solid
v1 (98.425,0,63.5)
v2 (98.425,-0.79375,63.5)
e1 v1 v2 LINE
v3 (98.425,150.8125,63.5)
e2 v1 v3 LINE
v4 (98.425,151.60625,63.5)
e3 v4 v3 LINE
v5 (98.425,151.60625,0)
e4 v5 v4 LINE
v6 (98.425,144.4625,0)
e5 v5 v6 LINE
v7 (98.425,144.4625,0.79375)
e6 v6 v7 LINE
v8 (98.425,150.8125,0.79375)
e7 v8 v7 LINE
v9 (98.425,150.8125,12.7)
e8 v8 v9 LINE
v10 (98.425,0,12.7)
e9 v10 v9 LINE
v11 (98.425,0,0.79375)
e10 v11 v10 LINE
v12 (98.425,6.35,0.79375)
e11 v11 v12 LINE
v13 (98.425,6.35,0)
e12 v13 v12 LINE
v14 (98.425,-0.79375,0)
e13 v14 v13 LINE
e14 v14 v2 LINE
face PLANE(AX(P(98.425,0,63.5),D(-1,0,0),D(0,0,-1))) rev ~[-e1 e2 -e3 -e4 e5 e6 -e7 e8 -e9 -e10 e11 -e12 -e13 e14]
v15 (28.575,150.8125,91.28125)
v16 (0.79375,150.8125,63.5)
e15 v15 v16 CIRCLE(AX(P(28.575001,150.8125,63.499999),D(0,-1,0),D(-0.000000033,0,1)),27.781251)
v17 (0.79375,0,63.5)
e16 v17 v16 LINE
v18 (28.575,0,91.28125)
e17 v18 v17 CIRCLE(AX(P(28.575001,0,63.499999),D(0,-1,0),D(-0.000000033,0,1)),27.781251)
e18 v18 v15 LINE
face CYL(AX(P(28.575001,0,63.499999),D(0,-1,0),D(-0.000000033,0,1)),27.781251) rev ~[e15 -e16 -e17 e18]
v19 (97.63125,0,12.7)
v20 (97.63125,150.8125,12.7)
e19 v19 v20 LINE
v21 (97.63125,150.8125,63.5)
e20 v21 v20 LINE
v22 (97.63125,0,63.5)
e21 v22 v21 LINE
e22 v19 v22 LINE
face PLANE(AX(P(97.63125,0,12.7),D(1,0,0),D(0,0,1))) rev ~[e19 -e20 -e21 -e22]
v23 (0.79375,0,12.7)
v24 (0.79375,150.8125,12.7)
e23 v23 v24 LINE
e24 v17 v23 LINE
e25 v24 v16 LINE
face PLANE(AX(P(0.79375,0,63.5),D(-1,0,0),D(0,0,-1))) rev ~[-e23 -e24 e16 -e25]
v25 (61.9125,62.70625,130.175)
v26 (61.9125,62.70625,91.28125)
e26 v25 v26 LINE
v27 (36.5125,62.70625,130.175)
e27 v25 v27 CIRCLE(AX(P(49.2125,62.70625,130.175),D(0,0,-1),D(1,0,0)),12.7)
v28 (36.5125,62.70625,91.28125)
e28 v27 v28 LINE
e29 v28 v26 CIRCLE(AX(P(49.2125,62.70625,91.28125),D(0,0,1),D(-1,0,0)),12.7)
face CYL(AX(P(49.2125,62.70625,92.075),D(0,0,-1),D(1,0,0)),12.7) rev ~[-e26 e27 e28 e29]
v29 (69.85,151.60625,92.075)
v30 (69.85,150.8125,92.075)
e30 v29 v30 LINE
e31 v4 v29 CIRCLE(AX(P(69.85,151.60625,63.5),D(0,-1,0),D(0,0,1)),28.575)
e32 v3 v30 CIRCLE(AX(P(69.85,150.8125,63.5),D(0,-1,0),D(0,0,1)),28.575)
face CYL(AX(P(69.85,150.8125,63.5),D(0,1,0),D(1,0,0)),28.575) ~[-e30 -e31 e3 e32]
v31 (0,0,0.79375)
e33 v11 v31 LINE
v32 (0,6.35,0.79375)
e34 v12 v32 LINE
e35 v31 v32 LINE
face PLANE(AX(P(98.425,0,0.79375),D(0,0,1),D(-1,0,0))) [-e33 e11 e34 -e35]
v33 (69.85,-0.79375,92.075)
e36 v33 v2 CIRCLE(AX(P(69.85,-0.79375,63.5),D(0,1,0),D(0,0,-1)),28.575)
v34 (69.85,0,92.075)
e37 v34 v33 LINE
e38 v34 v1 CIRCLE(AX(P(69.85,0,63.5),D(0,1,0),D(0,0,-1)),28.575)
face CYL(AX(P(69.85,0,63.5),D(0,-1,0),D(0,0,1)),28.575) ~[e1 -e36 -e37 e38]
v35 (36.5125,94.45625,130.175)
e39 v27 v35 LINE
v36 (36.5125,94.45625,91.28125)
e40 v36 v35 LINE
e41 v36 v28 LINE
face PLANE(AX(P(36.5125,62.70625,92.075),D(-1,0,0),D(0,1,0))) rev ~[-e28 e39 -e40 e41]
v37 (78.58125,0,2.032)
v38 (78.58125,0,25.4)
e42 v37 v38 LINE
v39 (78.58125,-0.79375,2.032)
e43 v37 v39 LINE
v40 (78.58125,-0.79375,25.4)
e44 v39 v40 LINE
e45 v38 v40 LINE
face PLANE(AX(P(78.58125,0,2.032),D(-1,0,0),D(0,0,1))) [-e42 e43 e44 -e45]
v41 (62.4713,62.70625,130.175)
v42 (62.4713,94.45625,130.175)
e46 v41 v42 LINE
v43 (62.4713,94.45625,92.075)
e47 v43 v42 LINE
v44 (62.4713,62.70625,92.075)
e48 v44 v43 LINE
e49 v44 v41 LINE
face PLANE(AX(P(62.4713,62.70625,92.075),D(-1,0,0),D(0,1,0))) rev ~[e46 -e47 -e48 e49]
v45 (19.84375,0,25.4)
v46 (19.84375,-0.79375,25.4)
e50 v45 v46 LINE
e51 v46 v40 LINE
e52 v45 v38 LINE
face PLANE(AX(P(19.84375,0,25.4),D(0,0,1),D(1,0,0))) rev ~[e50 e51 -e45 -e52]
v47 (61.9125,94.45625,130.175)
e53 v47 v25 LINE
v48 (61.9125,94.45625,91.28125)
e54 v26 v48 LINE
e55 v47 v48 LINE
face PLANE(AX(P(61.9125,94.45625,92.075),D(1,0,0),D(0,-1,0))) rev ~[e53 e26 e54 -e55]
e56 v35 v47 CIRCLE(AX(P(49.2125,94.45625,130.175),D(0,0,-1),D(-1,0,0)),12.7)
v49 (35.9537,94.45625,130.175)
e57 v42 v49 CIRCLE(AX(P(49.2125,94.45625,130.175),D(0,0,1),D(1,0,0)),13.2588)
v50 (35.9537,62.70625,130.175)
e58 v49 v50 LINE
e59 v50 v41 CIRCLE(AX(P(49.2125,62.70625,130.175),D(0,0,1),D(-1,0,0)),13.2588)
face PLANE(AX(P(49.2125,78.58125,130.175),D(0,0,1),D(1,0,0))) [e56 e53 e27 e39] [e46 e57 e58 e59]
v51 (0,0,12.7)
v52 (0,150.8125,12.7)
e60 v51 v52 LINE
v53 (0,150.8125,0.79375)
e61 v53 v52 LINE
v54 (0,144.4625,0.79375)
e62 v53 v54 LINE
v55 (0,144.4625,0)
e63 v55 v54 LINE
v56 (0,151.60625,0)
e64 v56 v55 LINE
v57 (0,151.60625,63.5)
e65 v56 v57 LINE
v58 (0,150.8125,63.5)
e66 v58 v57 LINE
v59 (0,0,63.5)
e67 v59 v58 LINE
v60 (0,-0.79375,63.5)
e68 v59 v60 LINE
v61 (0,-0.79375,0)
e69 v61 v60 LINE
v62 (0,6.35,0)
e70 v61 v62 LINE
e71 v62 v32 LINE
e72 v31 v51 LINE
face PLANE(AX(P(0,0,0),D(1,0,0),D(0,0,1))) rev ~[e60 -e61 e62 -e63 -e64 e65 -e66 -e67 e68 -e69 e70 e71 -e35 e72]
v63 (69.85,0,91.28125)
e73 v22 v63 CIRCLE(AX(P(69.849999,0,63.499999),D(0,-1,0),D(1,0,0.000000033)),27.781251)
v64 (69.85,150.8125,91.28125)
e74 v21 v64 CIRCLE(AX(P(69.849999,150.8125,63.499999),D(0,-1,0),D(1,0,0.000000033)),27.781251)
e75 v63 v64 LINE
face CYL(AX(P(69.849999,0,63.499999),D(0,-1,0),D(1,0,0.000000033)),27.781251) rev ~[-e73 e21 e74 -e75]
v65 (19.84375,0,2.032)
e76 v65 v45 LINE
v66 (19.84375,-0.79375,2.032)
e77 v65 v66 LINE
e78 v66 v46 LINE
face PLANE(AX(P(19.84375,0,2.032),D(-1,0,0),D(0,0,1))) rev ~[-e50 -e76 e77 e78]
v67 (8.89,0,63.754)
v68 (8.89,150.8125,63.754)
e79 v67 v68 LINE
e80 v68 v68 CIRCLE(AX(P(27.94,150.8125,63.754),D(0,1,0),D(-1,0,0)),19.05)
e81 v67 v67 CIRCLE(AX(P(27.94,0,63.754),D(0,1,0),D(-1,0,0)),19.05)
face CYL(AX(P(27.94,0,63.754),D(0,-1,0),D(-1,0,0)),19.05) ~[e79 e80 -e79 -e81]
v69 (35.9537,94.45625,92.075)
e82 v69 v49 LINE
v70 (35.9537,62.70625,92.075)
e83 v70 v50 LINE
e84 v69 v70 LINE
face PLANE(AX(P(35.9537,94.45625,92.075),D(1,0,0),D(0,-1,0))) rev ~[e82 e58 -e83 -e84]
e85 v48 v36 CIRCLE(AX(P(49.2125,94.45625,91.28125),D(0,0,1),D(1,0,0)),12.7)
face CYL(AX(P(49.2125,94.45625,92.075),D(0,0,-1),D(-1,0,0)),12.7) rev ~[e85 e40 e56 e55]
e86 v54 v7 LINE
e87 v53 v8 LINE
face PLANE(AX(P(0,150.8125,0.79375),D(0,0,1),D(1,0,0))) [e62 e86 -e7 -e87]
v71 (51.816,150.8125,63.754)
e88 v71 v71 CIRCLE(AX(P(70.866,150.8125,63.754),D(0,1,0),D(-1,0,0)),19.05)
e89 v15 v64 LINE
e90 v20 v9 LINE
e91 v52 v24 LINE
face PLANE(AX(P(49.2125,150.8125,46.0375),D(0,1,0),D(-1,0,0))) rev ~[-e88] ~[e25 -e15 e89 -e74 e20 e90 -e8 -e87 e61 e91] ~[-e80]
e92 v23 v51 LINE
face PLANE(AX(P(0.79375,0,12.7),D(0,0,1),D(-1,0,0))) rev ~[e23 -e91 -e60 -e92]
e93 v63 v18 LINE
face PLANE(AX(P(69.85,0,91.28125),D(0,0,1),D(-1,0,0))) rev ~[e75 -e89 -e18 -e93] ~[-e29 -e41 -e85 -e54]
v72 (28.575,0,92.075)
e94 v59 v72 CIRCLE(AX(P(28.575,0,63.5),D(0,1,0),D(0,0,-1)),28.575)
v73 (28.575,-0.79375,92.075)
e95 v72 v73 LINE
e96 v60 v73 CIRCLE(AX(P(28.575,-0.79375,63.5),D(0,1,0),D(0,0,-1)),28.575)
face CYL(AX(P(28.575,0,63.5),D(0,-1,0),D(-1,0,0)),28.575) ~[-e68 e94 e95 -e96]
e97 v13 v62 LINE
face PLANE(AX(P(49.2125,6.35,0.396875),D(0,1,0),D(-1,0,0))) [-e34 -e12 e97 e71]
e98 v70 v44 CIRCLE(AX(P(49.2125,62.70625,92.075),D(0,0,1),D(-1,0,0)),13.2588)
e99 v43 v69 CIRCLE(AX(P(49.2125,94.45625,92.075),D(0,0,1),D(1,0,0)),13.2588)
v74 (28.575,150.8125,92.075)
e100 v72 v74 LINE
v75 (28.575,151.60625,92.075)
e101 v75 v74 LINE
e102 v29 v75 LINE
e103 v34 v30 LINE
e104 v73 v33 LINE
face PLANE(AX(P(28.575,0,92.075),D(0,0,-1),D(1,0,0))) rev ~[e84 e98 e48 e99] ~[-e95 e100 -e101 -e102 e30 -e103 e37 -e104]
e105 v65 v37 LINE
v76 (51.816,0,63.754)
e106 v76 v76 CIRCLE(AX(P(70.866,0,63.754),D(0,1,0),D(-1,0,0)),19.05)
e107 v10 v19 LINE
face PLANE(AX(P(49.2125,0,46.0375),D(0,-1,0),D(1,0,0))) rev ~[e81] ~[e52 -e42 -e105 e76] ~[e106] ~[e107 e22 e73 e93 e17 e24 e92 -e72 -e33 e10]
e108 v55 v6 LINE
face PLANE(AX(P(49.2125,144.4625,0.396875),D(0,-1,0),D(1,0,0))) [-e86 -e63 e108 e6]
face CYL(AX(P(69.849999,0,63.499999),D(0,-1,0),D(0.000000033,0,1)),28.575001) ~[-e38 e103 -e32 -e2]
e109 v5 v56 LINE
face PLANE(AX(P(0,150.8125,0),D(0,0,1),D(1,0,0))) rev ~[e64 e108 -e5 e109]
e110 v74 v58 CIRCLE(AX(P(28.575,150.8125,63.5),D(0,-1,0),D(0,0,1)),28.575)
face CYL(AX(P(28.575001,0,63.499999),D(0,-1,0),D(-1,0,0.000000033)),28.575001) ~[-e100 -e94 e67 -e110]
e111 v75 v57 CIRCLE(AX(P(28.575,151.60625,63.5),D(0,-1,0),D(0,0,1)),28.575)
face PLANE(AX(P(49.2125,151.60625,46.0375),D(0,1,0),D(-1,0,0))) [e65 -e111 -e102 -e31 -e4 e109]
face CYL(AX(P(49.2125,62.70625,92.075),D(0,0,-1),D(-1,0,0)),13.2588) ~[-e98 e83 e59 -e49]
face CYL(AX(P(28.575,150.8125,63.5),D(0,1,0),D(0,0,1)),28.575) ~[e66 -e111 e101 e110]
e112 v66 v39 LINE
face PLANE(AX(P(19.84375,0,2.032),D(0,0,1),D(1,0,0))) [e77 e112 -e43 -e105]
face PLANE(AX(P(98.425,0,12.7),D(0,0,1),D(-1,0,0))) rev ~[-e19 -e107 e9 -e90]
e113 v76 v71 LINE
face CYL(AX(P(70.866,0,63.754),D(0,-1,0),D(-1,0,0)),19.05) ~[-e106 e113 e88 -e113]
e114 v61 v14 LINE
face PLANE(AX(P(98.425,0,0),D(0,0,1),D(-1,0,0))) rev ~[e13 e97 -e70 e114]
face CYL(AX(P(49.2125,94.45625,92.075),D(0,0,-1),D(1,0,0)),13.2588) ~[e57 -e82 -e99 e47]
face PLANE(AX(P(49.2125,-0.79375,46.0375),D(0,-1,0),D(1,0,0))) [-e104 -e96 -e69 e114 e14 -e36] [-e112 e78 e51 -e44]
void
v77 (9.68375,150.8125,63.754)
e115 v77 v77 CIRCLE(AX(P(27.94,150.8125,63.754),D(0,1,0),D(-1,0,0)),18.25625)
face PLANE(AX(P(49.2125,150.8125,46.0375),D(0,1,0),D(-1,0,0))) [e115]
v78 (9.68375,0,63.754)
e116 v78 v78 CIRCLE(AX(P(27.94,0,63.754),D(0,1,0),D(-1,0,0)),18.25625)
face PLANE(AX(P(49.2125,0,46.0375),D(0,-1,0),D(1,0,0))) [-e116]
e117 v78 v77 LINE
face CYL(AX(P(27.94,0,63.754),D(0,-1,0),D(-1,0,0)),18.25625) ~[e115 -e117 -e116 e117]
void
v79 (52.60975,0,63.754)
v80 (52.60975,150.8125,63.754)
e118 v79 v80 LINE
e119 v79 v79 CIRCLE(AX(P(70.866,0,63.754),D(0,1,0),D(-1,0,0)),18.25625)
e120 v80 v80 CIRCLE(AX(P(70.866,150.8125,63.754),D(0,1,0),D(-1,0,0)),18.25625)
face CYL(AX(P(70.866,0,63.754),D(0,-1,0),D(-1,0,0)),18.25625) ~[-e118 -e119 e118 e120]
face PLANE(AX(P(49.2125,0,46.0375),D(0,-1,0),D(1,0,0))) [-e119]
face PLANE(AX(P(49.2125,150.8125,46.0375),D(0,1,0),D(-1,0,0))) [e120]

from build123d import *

# Parameters (mm, degrees)
F0_W      = 98.425
F0_H      = 92.075
F0_W_2    = 58.7375
F0_H_2    = 23.368
F1_DEPTH  = 0.79375
F2_R      = 28.575
F3_R      = 19.05
F3_R_2    = 18.25625
F4_DEPTH  = 150.8125
F5_W      = 98.425
F5_H      = 92.075
F6_DEPTH  = 0.79375
F7_R      = 28.575
F8_W      = 98.425
F8_H      = 0.79375
F9_DEPTH  = 6.35
F10_W     = 98.425
F10_H     = 0.79375
F11_DEPTH = 6.35
F13_DEPTH = 151.5745
F15_DEPTH = 2.54
F17_DEPTH = 38.1


with BuildPart() as f1:
    # F0 (on Front) → F1 (new body)
    with BuildSketch(Plane.XZ):
        with Locations((49.2125, 46.0375)):
            Rectangle(F0_W, F0_H)
        with Locations((49.2125, 13.716)):
            Rectangle(F0_W_2, F0_H_2, mode=Mode.SUBTRACT)
    extrude(amount=F1_DEPTH)

    # F2
    f2_edges = [f1.edges().sort_by_distance(p)[0] for p in [
        (0, -0.396875, 92.075),
        (98.425, -0.396875, 92.075),
    ]]
    fillet(f2_edges, radius=F2_R)

    # F3 (on face) → F4 (join)
    with BuildSketch(Plane(origin=(0, 0, 0), x_dir=(-1, 0, 0), z_dir=(0, 1, 0))):
        with Locations((-70.866, 63.754)):
            Circle(F3_R)
        with Locations((-70.866, 63.754)):
            Circle(F3_R_2, mode=Mode.SUBTRACT)
        with Locations((-27.94, 63.754)):
            Circle(F3_R)
        with Locations((-27.94, 63.754)):
            Circle(F3_R_2, mode=Mode.SUBTRACT)
    extrude(amount=F4_DEPTH)

    # F5 (on face) → F6 (join)
    with BuildSketch(Plane(origin=(0, 150.8125, 0), x_dir=(-1, 0, 0), z_dir=(0, 1, 0))):
        with Locations((-49.2125, 46.0375)):
            Rectangle(F5_W, F5_H)
    extrude(amount=F6_DEPTH)

    # F7
    f7_edges = [f1.edges().sort_by_distance(p)[0] for p in [
        (0, 151.209375, 92.075),
        (98.425, 151.209375, 92.075),
    ]]
    fillet(f7_edges, radius=F7_R)

    # F8 (on face) → F9 (join)
    with BuildSketch(Plane(origin=(0, 0, 0), x_dir=(-1, 0, 0), z_dir=(0, 1, 0))):
        with Locations((-49.2125, 0.396875)):
            Rectangle(F8_W, F8_H)
    extrude(amount=F9_DEPTH)

    # F10 (on face) → F11 (join)
    with BuildSketch(Plane.XZ.offset(-150.8125)):
        with Locations((49.2125, 0.396875)):
            Rectangle(F10_W, F10_H)
    extrude(amount=F11_DEPTH)

    # F12 (on face) → F13 (join)
    with BuildSketch(Plane(origin=(0, 0, 0), x_dir=(-1, 0, 0), z_dir=(0, 1, 0))):
        with BuildLine():
            Line((-98.425, 63.5), (-98.425, 12.7))
            Line((-98.425, 12.7), (-97.63125, 12.7))
            Line((-97.63125, 12.7), (-97.63125, 56.811744))
            ThreePointArc((-97.63125, 56.811744), (-98.225869, 60.132404), (-98.425, 63.5))
        make_face()
        with BuildLine():
            ThreePointArc((-69.85, 92.075), (-90.055576, 83.705576), (-98.425, 63.5))
            ThreePointArc((-98.425, 63.5), (-98.225869, 60.132404), (-97.63125, 56.811744))
            Line((-97.63125, 56.811744), (-97.63125, 63.5))
            ThreePointArc((-97.63125, 63.5), (-89.49431, 83.14431), (-69.85, 91.28125))
            Line((-69.85, 91.28125), (-28.575, 91.28125))
            ThreePointArc((-28.575, 91.28125), (-8.93069, 83.14431), (-0.79375, 63.5))
            Line((-0.79375, 63.5), (-0.79375, 12.7))
            Line((-0.79375, 12.7), (0, 12.7))
            Line((0, 12.7), (0, 63.5))
            ThreePointArc((0, 63.5), (-8.369424, 83.705576), (-28.575, 92.075))
            Line((-28.575, 92.075), (-69.85, 92.075))
        make_face()
    extrude(amount=F13_DEPTH)

    # F14 (on face) → F15 (cut)
    with BuildSketch(Plane.XY.offset(92.075)):
        with BuildLine():
            Line((61.9125, 62.70625), (61.9125, 94.45625))
            ThreePointArc((61.9125, 94.45625), (49.2125, 107.15625), (36.5125, 94.45625))
            Line((36.5125, 94.45625), (36.5125, 62.70625))
            ThreePointArc((36.5125, 62.70625), (49.2125, 50.00625), (61.9125, 62.70625))
        make_face()
    extrude(amount=-F15_DEPTH, mode=Mode.SUBTRACT)

    # F16 (on face) → F17 (join)
    with BuildSketch(Plane.XY.offset(92.075)):
        with BuildLine():
            Line((35.9537, 94.45625), (35.9537, 62.70625))
            ThreePointArc((35.9537, 62.70625), (49.2125, 49.44745), (62.4713, 62.70625))
            Line((62.4713, 62.70625), (62.4713, 94.45625))
            ThreePointArc((62.4713, 94.45625), (49.2125, 107.71505), (35.9537, 94.45625))
        make_face()
        with BuildLine():
            ThreePointArc((36.5125, 94.45625), (49.2125, 107.15625), (61.9125, 94.45625))
            Line((61.9125, 94.45625), (61.9125, 62.70625))
            ThreePointArc((61.9125, 62.70625), (49.2125, 50.00625), (36.5125, 62.70625))
            Line((36.5125, 62.70625), (36.5125, 94.45625))
        make_face(mode=Mode.SUBTRACT)
    extrude(amount=F17_DEPTH)


solid = f1.part
